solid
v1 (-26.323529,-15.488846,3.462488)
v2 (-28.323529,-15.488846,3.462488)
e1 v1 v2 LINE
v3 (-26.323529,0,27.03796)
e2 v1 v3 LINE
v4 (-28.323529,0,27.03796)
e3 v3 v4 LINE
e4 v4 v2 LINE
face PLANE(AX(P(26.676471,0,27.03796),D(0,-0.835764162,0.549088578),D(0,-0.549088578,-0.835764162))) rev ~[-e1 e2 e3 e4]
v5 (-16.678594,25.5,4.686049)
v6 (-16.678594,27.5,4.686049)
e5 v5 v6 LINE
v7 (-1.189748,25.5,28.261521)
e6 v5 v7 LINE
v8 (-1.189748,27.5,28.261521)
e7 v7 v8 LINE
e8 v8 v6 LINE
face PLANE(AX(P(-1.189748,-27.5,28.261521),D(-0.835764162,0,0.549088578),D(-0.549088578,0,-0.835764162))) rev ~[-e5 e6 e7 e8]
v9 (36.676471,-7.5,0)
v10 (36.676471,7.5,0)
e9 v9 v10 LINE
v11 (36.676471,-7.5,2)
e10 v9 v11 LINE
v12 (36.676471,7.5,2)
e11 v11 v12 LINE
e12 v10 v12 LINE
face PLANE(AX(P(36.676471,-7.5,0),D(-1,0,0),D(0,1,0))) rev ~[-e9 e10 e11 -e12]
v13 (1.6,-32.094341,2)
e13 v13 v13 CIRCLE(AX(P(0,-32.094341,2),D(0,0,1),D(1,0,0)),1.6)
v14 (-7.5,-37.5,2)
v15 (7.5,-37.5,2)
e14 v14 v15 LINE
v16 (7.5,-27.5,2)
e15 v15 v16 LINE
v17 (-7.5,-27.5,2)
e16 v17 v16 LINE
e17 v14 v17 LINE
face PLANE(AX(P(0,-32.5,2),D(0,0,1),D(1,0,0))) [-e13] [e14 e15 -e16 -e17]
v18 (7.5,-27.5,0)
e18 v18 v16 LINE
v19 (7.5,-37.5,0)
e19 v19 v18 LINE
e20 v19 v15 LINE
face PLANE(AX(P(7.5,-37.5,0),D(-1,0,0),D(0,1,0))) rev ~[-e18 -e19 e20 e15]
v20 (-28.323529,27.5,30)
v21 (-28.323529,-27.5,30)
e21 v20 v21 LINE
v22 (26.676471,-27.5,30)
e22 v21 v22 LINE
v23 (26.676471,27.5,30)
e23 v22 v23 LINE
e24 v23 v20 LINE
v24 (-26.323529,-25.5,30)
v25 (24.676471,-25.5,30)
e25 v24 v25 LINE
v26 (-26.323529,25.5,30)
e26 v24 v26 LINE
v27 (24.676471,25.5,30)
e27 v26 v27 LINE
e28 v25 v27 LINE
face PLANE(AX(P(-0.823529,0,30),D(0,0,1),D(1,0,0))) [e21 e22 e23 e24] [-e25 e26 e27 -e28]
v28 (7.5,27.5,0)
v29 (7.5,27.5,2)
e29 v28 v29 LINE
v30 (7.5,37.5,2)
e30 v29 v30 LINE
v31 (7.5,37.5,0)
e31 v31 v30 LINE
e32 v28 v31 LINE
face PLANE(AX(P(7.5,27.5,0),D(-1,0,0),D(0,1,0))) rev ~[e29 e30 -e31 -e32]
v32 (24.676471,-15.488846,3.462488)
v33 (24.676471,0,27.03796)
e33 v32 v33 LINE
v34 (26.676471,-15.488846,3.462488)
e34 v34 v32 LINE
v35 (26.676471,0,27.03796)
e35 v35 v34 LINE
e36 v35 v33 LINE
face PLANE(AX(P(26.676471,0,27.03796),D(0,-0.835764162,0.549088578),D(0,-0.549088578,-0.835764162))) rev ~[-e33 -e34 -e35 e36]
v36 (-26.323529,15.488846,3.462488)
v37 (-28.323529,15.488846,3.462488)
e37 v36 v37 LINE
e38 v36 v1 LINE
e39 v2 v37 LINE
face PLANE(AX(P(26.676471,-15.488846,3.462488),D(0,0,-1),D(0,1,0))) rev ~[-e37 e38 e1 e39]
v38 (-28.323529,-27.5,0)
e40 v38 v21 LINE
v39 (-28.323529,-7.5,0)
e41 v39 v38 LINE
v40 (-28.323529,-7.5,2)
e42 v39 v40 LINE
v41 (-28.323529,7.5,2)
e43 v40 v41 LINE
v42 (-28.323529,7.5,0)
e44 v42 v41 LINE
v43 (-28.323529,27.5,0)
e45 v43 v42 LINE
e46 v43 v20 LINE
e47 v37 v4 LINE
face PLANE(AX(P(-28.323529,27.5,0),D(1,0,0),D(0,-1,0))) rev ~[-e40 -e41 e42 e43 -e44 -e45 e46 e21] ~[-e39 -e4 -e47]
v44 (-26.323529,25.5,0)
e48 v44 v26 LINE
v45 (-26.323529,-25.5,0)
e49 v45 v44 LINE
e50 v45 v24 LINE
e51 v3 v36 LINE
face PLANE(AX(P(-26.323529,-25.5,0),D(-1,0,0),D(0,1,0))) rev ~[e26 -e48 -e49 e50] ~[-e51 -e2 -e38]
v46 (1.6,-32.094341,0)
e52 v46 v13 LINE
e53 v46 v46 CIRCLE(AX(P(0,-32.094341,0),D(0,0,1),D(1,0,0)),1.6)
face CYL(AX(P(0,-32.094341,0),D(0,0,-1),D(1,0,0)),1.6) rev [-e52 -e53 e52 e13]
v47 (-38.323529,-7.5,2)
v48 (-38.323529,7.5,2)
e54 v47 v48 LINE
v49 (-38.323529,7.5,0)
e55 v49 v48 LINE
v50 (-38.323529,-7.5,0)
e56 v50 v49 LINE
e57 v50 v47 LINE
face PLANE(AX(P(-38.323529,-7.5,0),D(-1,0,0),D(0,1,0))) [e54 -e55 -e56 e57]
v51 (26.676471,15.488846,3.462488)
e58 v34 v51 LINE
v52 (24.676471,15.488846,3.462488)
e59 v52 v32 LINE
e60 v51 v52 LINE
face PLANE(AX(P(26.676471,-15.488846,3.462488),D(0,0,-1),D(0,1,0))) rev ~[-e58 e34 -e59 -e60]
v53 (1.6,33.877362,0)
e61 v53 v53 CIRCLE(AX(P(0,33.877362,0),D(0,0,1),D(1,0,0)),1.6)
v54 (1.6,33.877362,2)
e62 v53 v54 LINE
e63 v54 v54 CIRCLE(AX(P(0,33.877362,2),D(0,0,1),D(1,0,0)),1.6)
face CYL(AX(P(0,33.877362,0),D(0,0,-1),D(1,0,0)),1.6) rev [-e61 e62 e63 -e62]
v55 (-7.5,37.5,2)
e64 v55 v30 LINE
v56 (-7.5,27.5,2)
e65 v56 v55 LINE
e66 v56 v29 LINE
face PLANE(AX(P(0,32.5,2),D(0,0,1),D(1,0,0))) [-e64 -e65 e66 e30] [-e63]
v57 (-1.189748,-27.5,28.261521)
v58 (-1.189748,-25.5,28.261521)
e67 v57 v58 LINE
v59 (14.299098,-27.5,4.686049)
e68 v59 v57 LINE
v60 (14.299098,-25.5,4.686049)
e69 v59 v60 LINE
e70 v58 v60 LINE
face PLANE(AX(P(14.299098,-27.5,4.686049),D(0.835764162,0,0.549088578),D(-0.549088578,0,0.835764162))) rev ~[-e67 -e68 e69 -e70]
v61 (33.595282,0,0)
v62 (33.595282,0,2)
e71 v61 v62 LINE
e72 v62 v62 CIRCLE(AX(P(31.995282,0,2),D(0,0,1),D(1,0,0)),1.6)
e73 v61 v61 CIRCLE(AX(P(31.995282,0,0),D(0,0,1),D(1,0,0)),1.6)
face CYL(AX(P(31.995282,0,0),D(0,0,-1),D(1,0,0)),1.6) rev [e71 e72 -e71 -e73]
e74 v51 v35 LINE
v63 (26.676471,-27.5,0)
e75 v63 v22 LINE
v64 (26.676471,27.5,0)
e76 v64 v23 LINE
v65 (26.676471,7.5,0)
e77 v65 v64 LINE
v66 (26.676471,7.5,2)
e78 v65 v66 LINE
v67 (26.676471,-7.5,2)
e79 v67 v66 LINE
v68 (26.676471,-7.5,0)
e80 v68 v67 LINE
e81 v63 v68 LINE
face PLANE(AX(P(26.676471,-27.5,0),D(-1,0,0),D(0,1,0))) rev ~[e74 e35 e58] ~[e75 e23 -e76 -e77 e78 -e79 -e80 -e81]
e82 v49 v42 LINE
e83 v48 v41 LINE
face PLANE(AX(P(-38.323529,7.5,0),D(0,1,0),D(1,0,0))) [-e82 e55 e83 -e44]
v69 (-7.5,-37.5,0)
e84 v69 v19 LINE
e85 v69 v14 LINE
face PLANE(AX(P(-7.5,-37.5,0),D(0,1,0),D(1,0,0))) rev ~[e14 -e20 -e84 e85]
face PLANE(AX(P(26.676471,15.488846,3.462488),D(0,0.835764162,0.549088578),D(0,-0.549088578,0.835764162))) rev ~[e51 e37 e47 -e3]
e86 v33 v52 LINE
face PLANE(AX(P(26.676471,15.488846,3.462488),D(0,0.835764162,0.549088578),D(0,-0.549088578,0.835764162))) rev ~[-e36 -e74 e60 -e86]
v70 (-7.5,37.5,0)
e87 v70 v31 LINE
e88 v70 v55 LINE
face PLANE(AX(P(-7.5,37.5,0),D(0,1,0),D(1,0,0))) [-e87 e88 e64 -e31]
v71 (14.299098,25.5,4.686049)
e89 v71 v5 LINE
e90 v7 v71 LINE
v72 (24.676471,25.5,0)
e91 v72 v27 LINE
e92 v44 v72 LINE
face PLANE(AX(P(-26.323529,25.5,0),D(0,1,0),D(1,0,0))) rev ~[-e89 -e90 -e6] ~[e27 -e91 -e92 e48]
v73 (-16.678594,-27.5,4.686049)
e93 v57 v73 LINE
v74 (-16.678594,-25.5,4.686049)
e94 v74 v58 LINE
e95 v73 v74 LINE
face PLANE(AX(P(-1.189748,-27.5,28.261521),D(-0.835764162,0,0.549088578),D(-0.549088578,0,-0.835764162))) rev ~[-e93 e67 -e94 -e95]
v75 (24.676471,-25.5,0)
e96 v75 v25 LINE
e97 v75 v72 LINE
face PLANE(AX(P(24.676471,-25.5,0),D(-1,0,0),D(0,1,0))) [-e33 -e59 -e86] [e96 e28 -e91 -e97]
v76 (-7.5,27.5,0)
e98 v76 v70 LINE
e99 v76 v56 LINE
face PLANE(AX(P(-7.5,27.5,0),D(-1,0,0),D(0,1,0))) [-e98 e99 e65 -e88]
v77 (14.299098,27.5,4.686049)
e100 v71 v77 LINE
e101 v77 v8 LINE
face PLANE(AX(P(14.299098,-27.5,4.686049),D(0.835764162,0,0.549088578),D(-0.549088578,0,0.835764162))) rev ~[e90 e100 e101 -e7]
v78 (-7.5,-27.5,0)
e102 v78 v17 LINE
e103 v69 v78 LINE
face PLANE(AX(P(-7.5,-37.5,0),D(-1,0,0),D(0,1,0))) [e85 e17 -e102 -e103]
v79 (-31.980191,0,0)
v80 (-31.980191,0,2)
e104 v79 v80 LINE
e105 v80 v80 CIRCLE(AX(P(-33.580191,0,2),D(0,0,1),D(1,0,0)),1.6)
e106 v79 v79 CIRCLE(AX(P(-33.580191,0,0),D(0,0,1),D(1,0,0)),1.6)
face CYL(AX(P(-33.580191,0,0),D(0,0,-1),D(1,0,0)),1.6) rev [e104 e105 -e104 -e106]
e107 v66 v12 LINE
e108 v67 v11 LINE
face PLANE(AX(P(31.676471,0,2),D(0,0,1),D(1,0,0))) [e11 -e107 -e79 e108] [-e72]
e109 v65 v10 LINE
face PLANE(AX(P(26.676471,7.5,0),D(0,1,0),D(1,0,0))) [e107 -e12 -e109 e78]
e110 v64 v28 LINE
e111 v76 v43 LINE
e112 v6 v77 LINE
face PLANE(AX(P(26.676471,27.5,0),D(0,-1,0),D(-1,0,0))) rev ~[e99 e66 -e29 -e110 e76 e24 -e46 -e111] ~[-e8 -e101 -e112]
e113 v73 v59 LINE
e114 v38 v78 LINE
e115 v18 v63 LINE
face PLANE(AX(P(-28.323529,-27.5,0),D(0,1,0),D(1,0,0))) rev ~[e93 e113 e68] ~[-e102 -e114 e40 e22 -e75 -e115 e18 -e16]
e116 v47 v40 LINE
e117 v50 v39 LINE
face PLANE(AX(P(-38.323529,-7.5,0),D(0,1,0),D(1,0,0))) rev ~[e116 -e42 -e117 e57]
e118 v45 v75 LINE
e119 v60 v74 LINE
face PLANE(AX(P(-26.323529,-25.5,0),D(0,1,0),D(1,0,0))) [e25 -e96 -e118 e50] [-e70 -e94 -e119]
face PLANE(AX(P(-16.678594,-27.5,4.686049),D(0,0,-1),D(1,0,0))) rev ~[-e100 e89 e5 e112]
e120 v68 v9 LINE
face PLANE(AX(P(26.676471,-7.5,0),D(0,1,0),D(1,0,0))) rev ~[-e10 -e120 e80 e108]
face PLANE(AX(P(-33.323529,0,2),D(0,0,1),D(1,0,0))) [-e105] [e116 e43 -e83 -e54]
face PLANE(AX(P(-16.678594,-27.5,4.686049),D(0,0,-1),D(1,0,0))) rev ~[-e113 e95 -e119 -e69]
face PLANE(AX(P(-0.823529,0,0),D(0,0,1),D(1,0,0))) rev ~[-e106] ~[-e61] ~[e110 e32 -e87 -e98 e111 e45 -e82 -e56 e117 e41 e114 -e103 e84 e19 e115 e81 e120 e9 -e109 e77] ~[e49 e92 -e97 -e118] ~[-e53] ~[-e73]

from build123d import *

# Parameters (mm, degrees)
F0_W     = 51
F0_H     = 51
F1_DEPTH = 30
F0_W_2   = 15
F0_H_2   = 10
F0_R     = 1.6
F0_W_3   = 10
F0_H_3   = 15
F2_DEPTH = 2
F4_DEPTH = 100
F6_DEPTH = 100


with BuildPart() as f1:
    # F0 (on Top) → F1 (new body)
    with BuildSketch(Plane.XY):
        Polygon((-7.5, 27.5), (-28.323529, 27.5), (-28.323529, 7.5), (-28.323529, -7.5), (-28.323529, -27.5), (-7.5, -27.5), (7.5, -27.5), (26.676471, -27.5), (26.676471, -7.5), (26.676471, 7.5), (26.676471, 27.5), (7.5, 27.5), align=None)
        with Locations((-0.823529, 0)):
            Rectangle(F0_W, F0_H, mode=Mode.SUBTRACT)
    extrude(amount=F1_DEPTH)

    # F0 (on Top) → F2 (join)
    with BuildSketch(Plane.XY):
        with Locations((0, 32.5)):
            Rectangle(F0_W_2, F0_H_2)
        with Locations((0, 33.877362)):
            Circle(F0_R, mode=Mode.SUBTRACT)
        with Locations((31.676471, 0)):
            Rectangle(F0_W_3, F0_H_3)
        with Locations((31.995282, 0)):
            Circle(F0_R, mode=Mode.SUBTRACT)
        with Locations((0, -32.5)):
            Rectangle(F0_W_2, F0_H_2)
        with Locations((0, -32.094341)):
            Circle(F0_R, mode=Mode.SUBTRACT)
        with Locations((-33.323529, 0)):
            Rectangle(F0_W_3, F0_H_3)
        with Locations((-33.580191, 0)):
            Circle(F0_R, mode=Mode.SUBTRACT)
    extrude(amount=F2_DEPTH)

    # F3 (on face) → F4 (cut)
    with BuildSketch(Plane.YZ.offset(26.676471)):
        Polygon((15.488846, 3.462488), (0, 27.03796), (-15.488846, 3.462488), align=None)
    extrude(amount=-F4_DEPTH, mode=Mode.SUBTRACT)

    # F5 (on face) → F6 (cut)
    with BuildSketch(Plane.XZ.offset(27.5)):
        Polygon((14.299098, 4.686049), (-1.189748, 28.261521), (-16.678594, 4.686049), align=None)
    extrude(amount=-F6_DEPTH, mode=Mode.SUBTRACT)


solid = f1.part
